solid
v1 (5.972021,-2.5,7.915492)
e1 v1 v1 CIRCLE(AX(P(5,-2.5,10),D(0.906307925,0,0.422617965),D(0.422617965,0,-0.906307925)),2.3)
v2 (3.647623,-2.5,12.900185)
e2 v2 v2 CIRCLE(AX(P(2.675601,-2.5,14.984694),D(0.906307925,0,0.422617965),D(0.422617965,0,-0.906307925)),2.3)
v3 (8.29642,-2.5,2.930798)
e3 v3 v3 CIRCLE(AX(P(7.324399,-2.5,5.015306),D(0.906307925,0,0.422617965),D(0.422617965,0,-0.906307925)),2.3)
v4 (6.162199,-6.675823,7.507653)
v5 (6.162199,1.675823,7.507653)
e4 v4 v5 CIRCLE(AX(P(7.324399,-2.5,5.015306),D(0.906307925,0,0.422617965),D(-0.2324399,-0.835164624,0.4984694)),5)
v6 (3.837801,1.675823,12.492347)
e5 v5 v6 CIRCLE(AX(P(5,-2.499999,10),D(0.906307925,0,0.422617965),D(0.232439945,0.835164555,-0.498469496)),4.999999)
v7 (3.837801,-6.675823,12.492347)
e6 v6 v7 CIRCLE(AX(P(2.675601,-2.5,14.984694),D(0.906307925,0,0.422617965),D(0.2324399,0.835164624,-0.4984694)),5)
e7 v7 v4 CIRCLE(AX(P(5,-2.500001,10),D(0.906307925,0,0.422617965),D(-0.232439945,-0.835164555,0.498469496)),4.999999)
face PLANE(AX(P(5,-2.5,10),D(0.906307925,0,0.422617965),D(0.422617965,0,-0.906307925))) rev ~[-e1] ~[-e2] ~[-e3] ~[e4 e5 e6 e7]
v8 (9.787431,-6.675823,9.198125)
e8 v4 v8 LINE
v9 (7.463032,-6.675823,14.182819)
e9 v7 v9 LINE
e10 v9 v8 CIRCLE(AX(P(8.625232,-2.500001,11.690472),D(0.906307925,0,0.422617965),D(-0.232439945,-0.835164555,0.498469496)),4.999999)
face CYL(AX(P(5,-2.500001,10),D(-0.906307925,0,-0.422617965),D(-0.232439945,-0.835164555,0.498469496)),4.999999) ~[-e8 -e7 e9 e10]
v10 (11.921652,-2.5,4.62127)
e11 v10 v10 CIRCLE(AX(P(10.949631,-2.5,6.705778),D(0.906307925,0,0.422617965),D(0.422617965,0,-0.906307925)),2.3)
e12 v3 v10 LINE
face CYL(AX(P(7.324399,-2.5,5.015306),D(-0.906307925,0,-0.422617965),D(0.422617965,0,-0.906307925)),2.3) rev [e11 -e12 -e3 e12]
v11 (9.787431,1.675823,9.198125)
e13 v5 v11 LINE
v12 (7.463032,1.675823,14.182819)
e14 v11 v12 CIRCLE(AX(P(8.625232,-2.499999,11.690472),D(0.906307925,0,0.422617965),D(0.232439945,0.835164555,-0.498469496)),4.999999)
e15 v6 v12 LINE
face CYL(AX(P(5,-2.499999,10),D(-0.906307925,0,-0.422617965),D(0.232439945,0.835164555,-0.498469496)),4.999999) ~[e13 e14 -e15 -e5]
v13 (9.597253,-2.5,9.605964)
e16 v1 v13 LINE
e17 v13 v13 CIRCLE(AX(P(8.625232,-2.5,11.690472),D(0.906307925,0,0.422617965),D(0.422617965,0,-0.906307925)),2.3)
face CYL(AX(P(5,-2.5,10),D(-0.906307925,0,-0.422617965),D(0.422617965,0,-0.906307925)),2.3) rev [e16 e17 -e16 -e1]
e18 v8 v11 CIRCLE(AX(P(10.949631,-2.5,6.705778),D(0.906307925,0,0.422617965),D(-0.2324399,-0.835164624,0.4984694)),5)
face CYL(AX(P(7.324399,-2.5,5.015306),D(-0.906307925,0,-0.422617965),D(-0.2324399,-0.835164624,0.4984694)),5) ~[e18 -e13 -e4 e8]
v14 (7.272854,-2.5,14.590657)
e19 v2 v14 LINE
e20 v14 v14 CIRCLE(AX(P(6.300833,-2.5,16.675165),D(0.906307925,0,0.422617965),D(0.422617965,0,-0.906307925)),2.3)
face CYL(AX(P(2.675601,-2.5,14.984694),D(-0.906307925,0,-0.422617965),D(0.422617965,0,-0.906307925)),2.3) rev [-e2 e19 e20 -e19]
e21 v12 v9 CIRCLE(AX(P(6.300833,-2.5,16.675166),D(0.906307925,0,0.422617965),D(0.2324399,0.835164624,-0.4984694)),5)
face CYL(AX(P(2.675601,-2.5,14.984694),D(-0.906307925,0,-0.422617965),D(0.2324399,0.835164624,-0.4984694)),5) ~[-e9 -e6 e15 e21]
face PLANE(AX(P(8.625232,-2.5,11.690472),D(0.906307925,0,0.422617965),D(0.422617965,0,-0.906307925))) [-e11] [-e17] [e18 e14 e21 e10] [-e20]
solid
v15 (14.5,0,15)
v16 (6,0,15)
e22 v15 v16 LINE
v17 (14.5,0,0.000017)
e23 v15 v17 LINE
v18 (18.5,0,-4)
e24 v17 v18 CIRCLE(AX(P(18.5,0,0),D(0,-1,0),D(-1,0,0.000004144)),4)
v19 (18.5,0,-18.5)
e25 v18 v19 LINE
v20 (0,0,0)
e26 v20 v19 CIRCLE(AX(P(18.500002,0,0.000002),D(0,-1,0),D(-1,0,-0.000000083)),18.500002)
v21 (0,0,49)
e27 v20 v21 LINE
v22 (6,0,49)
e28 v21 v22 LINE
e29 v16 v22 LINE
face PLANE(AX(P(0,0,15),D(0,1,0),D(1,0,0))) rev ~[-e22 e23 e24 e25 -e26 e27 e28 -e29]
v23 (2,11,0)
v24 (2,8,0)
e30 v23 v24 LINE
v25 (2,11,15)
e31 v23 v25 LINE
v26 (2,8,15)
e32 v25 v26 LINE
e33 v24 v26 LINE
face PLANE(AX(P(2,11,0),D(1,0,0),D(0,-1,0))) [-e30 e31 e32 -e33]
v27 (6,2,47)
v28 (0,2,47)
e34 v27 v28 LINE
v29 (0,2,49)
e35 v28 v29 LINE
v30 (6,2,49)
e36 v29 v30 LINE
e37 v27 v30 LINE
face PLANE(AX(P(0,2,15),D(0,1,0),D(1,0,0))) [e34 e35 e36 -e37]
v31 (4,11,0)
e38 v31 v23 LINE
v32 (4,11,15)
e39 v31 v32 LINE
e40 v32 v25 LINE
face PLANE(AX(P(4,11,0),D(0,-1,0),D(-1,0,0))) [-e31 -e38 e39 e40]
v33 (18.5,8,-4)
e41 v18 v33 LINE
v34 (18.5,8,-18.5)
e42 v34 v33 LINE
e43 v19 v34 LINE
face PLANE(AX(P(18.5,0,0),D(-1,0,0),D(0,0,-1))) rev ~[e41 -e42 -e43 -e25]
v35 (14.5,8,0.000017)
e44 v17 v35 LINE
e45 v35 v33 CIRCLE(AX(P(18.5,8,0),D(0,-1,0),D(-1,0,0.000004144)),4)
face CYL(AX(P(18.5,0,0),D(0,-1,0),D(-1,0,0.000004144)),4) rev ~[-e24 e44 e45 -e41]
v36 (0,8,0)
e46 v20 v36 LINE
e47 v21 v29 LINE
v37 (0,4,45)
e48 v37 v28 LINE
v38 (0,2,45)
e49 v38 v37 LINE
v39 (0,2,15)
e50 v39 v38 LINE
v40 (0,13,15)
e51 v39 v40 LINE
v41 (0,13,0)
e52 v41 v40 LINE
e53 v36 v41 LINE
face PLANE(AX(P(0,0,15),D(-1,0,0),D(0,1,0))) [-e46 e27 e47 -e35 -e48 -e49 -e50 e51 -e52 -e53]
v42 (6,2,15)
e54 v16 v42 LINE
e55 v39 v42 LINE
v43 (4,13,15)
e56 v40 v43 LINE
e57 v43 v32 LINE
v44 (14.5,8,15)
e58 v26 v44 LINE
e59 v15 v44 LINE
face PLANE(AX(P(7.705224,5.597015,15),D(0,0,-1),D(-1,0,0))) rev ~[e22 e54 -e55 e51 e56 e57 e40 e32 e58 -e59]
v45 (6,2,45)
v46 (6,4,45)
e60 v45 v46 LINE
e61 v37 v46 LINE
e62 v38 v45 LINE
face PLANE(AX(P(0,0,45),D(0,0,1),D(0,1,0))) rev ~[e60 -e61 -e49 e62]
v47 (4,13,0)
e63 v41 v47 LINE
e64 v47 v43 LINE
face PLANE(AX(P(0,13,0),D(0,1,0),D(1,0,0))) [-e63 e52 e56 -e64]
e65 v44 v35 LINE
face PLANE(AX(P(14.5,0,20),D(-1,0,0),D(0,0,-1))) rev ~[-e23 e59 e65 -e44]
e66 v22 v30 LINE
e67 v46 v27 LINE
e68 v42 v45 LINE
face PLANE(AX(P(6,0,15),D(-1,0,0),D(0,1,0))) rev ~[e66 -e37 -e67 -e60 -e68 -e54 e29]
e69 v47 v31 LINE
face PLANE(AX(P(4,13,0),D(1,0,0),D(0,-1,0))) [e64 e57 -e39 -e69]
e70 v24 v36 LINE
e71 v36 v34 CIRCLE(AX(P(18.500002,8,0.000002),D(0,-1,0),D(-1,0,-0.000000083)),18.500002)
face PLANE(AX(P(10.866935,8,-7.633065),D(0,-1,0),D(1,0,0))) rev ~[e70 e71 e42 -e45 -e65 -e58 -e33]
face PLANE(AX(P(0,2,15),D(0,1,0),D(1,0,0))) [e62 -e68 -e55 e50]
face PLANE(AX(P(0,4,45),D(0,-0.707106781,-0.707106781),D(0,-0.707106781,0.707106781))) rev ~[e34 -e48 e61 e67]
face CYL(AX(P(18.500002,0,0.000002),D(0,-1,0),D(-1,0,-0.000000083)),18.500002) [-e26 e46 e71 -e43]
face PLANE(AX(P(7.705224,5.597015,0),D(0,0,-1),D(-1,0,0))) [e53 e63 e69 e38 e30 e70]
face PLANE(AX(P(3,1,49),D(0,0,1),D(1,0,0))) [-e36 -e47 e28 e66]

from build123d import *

# Parameters (mm, degrees)
SKETCH002_R  = 2.3
PAD003_DEPTH = 4
PAD_DEPTH    = 15
PAD002_DEPTH = 8
POCKET_DEPTH = 13.001
SKETCH005_W  = 6
SKETCH005_H  = 2
PAD004_DEPTH = 34
PAD005_DEPTH = 6


with BuildPart() as pad003:
    # Sketch002 → Pad003 (new body)
    with BuildSketch(Plane(origin=(5, -2.5, 10), x_dir=(0.422618, 0, -0.906308), z_dir=(0.906308, 0, 0.422618))):
        with BuildLine():
            ThreePointArc((-2.75, 4.175823), (-10.5, 0), (-2.75, -4.175823))
            ThreePointArc((-2.75, -4.175823), (0, -5), (2.75, -4.175823))
            ThreePointArc((2.75, -4.175823), (10.5, 0), (2.75, 4.175823))
            ThreePointArc((2.75, 4.175823), (0, 5), (-2.75, 4.175823))
        make_face()
        with Locations((-5.5, 0)):
            Circle(SKETCH002_R, mode=Mode.SUBTRACT)
        Circle(SKETCH002_R, mode=Mode.SUBTRACT)
        with Locations((5.5, 0)):
            Circle(SKETCH002_R, mode=Mode.SUBTRACT)
    extrude(amount=PAD003_DEPTH)


with BuildPart() as pad005:
    # Sketch → Pad (new body)
    with BuildSketch(Plane.XY):
        Polygon((2, 8), (18.5, 8), (18.5, 0), (0, 0), (0, 13), (4, 13), (4, 11), (2, 11), align=None)
    extrude(amount=PAD_DEPTH)

    # Sketch001 → Pad002 (new body)
    with BuildSketch(Plane.XZ):
        with BuildLine():
            ThreePointArc((0, 0), (5.418525, -13.081475), (18.5, -18.5))
            Line((18.5, 0), (18.5, -18.5))
            Line((18.5, 0), (0, 0))
        make_face()
    extrude(amount=-PAD002_DEPTH)

    # Sketch004 → Pocket (cut, through all)
    with BuildSketch(Plane.XZ):
        with BuildLine():
            Line((14.5, 20), (18.5, 20))
            Line((18.5, 20), (18.5, -4))
            ThreePointArc((14.5, 1.7e-05), (15.671567, -2.828421), (18.5, -4))
            Line((14.5, 20), (14.5, 1.7e-05))
        make_face()
    extrude(amount=-POCKET_DEPTH, mode=Mode.SUBTRACT)

    # Sketch005 → Pad004 (new body)
    with BuildSketch(Plane.XY.offset(15)):
        with Locations((3, 1)):
            Rectangle(SKETCH005_W, SKETCH005_H)
    extrude(amount=PAD004_DEPTH)

    # Sketch006 → Pad005 (new body)
    with BuildSketch(Plane(origin=(0, 0, 0), x_dir=(0, -1, 0), z_dir=(-1, 0, 0))):
        Polygon((0, 49), (0, 45), (-4, 45), align=None)
    extrude(amount=-PAD005_DEPTH)


solid = Compound([pad003.part, pad005.part])
